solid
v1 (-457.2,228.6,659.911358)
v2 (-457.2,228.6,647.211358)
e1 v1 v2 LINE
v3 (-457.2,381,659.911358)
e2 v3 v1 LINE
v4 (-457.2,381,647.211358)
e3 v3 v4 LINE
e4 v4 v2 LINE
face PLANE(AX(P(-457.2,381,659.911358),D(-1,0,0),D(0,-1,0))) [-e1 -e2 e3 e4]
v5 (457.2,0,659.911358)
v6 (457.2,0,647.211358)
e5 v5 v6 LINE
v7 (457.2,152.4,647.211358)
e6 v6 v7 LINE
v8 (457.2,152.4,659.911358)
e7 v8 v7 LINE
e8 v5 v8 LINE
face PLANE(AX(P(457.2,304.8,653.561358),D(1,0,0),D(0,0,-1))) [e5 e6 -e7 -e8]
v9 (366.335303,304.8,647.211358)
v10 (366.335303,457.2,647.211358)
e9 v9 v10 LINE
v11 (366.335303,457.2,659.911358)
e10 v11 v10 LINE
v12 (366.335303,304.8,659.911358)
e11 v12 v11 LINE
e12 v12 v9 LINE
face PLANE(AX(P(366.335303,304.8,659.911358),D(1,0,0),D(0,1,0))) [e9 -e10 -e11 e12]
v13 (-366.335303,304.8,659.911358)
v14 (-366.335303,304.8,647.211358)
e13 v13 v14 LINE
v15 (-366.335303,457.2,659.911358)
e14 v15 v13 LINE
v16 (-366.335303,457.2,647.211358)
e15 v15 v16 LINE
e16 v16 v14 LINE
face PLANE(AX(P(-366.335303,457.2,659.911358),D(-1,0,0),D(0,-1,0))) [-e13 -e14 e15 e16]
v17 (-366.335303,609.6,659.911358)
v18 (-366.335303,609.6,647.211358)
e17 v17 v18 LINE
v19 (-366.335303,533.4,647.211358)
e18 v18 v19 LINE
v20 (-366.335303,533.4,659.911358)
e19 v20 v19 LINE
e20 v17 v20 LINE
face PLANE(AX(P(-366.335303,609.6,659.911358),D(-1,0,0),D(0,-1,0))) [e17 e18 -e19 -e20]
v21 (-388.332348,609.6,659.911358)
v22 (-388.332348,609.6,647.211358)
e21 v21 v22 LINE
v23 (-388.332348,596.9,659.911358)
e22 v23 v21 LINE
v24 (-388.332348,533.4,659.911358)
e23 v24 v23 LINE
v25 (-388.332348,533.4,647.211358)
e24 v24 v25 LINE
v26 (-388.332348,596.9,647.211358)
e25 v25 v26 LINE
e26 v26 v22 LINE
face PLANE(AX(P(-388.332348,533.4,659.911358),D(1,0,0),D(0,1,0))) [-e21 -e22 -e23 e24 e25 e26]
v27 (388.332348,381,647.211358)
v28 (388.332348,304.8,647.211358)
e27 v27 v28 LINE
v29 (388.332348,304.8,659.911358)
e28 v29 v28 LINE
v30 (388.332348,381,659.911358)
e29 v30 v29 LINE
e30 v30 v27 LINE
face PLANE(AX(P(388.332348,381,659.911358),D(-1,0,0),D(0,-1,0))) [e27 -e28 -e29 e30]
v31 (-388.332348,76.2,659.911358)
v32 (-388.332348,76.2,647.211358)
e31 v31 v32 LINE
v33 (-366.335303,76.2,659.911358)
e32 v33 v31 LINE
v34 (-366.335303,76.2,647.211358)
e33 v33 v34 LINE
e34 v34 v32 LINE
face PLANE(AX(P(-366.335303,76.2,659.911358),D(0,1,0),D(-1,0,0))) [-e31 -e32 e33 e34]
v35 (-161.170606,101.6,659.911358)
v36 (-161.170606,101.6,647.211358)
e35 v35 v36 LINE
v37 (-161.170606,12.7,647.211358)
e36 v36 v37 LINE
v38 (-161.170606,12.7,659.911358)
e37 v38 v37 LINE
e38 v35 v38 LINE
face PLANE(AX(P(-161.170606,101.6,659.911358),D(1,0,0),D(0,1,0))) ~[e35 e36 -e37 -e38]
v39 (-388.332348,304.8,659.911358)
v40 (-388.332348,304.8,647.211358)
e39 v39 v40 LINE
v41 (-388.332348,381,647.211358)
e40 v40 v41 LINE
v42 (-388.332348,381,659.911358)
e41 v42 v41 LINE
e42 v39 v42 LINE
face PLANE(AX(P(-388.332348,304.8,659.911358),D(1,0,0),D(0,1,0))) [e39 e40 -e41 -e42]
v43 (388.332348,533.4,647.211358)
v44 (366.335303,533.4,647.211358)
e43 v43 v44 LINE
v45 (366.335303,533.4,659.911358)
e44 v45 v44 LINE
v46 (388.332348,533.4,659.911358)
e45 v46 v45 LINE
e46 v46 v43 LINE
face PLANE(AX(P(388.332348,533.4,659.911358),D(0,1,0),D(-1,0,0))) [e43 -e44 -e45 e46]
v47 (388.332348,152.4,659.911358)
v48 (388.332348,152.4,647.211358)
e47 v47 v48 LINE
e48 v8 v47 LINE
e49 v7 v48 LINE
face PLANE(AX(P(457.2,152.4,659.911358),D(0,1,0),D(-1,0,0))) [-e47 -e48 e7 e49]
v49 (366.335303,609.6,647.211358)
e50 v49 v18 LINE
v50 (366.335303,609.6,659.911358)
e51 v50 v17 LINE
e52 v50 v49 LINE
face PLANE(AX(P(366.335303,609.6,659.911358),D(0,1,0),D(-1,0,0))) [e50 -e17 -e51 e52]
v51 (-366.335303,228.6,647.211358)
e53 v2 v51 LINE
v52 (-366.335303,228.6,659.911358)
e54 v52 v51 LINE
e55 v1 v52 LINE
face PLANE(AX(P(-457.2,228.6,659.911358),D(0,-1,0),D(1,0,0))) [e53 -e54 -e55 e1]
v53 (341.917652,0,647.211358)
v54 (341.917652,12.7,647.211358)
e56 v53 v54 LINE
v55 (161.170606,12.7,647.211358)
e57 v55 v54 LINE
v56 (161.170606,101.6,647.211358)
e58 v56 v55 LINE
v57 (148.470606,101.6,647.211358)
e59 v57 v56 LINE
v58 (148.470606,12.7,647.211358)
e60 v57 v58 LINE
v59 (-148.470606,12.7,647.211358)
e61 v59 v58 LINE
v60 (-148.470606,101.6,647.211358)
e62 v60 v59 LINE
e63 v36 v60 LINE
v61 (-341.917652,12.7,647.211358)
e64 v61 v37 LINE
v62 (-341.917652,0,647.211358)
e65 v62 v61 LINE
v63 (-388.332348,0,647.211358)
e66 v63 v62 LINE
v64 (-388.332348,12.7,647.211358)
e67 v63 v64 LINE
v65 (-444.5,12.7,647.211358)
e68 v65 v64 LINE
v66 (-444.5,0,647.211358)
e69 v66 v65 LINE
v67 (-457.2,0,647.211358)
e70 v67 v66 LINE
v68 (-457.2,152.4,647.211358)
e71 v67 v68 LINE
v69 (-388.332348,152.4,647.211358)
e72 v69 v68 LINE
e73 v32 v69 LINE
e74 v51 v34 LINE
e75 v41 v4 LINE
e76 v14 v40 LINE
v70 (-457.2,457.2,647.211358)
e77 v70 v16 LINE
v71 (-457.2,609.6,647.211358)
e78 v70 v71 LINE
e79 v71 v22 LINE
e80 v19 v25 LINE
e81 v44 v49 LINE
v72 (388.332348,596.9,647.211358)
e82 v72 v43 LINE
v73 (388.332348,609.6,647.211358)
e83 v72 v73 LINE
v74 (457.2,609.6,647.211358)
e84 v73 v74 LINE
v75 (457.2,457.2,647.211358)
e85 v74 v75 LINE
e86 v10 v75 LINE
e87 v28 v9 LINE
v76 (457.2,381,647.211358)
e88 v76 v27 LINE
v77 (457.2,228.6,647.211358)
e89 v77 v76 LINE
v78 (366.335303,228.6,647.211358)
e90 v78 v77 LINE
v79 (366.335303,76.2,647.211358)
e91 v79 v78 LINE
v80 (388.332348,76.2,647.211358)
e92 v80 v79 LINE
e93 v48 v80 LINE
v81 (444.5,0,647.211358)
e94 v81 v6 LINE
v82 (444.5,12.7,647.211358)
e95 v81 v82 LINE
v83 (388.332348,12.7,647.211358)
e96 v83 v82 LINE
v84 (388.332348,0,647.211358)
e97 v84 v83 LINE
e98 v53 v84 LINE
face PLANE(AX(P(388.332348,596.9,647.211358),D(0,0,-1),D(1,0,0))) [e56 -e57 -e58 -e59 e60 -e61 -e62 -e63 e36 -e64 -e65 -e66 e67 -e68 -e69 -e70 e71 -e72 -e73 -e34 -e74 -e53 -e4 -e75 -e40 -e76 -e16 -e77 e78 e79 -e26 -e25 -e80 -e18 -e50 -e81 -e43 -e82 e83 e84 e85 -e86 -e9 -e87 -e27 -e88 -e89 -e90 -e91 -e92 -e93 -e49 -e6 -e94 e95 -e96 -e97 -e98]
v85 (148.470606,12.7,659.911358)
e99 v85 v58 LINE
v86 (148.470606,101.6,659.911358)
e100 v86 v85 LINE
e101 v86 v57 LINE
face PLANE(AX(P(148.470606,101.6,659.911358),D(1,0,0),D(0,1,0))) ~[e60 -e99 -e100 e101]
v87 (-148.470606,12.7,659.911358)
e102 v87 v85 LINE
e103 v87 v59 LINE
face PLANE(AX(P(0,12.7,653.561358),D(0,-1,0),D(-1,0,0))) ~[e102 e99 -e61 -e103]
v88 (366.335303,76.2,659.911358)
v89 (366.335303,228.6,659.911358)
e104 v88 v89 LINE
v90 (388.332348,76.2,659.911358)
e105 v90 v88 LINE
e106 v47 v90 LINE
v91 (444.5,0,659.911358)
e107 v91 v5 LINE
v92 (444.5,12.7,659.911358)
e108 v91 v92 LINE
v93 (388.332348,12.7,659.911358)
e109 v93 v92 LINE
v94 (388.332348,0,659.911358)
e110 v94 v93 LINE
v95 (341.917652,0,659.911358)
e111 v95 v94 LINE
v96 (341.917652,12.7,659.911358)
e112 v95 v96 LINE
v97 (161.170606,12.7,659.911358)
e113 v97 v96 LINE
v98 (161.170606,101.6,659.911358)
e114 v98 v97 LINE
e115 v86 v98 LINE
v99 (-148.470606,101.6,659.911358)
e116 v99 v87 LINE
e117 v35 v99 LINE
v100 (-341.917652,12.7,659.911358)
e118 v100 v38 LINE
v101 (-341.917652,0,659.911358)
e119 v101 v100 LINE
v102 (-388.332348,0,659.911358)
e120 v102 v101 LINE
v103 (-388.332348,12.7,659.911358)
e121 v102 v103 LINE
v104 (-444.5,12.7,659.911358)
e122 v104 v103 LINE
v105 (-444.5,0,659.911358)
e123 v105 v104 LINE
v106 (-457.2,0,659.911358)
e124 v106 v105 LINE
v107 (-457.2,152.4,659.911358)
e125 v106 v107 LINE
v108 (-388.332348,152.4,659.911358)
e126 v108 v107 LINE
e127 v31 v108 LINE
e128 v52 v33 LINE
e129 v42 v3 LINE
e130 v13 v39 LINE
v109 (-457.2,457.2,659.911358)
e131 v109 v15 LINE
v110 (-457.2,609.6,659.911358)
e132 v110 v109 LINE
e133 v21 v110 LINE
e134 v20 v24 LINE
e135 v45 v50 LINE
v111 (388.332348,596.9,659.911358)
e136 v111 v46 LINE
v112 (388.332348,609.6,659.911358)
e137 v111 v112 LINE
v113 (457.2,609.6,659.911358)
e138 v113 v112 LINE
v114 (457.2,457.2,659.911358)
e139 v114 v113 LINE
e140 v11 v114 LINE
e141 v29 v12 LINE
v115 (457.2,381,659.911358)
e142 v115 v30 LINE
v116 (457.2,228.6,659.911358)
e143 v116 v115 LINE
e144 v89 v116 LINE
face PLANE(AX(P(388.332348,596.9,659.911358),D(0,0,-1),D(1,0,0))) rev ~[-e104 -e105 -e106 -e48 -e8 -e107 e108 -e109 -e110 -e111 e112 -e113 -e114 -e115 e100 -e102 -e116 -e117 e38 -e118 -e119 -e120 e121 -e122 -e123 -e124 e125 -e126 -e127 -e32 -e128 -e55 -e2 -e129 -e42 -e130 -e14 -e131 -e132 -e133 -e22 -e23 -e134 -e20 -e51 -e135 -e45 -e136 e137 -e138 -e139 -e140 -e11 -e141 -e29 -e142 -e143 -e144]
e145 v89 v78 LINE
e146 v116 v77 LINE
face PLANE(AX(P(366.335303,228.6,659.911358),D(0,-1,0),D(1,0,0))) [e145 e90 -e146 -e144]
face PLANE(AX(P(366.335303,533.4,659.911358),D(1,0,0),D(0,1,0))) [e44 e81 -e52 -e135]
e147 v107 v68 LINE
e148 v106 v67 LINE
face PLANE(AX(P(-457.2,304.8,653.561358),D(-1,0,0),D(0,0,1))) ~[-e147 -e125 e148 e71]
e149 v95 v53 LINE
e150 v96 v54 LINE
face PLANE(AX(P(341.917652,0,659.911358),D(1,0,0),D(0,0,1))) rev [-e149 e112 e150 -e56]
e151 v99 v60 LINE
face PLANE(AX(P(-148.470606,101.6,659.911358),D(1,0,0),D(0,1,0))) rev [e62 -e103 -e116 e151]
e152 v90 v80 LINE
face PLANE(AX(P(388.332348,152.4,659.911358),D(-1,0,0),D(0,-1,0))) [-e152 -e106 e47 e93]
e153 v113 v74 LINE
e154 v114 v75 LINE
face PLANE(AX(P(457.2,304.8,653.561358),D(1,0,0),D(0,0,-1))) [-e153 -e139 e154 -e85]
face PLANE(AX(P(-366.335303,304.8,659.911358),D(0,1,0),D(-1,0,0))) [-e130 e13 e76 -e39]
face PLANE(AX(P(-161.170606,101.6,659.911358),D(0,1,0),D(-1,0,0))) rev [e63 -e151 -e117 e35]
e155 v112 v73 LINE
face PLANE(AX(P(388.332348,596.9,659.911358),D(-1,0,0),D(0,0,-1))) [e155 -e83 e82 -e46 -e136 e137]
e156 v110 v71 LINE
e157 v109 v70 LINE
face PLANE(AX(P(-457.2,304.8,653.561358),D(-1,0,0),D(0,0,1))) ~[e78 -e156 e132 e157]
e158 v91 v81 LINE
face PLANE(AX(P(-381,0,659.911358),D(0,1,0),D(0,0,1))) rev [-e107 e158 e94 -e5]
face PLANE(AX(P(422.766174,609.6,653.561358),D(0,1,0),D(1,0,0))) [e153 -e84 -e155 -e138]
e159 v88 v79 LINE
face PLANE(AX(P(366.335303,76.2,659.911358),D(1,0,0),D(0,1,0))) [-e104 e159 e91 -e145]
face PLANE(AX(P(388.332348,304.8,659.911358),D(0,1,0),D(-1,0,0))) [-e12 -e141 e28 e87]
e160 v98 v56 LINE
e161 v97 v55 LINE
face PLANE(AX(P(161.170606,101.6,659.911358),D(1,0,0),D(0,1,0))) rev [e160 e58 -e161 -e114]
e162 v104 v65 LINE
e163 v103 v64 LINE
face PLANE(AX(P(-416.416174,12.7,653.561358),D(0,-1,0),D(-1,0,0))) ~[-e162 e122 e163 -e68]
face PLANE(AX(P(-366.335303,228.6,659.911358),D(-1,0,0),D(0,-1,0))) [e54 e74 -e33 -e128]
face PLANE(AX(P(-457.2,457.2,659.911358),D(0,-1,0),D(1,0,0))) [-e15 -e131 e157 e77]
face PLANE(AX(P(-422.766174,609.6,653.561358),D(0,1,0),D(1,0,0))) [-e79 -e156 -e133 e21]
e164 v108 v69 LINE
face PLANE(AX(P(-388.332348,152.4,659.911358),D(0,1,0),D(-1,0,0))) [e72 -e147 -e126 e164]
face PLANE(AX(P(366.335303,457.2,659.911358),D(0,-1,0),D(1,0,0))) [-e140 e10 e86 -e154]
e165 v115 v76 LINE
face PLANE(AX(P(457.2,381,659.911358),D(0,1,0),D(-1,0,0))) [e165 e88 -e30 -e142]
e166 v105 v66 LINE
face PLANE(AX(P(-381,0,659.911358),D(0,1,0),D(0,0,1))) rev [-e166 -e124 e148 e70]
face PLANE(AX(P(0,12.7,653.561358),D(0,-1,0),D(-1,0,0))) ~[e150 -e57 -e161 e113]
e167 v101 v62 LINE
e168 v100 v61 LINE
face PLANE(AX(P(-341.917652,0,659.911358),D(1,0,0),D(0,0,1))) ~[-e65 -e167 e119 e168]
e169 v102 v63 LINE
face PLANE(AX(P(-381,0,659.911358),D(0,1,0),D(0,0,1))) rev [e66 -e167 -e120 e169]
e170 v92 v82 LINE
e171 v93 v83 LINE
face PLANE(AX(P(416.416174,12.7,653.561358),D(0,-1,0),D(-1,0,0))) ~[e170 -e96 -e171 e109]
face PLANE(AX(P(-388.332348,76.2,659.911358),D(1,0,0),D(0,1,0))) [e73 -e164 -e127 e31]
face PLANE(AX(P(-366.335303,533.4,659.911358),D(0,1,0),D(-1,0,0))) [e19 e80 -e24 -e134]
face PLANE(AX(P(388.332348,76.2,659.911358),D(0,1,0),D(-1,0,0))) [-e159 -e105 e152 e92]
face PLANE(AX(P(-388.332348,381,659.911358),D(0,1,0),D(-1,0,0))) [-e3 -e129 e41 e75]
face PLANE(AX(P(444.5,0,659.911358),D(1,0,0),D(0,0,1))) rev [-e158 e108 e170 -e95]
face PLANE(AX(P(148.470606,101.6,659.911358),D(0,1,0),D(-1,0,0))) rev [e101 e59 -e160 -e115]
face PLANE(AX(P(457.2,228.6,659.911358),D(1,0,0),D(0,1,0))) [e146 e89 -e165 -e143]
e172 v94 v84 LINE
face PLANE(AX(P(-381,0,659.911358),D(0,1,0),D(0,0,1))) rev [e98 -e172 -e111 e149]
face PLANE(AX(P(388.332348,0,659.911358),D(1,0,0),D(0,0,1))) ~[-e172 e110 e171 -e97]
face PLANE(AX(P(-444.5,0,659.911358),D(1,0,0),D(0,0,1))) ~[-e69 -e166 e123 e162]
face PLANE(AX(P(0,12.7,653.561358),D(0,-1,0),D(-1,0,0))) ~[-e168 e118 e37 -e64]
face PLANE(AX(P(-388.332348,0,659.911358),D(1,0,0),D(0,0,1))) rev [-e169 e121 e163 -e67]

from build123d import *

# Parameters (mm, degrees)
SKETCH1_W           = 762
SKETCH1_H           = 12.7
BOSS_EXTRUDE1_DEPTH = 609.6
SKETCH2_W           = 12.7
SKETCH2_H           = 609.6
BOSS_EXTRUDE2_DEPTH = 76.2
SKETCH3_OUTSIDE_W   = 1136.21
SKETCH3_OUTSIDE_H   = 831.41
CUT_EXTRUDE1_DEPTH  = 12.7
SKETCH6_W           = 56.167651581
SKETCH6_H           = 12.7
SKETCH6_W_2         = 683.835303162
CUT_EXTRUDE2_DEPTH  = 12.7
SKETCH7_W           = 12.7
SKETCH7_H           = 88.9
CUT_EXTRUDE3_DEPTH  = 12.7
BOSS_EXTRUDE3_START = -101.6
SKETCH8_W           = 732.670606326
SKETCH8_H           = 12.7
BOSS_EXTRUDE3_DEPTH = 101.6
BOSS_EXTRUDE4_START = -12.7
SKETCH9_W           = 68.867651581
SKETCH9_H           = 12.7
BOSS_EXTRUDE4_DEPTH = 12.7


with BuildPart() as part:
    # Sketch1 → Boss-Extrude1 (new body)
    with BuildSketch(Plane(origin=(0, 0, 0), x_dir=(1, 0, 0), z_dir=(0, 1, 0))):
        with Locations((0, -653.561357684)):
            Rectangle(SKETCH1_W, SKETCH1_H)
    extrude(amount=BOSS_EXTRUDE1_DEPTH)

    # Sketch2 → Boss-Extrude2 (add)
    with BuildSketch(Plane(origin=(381, 0, 0), x_dir=(0, 0, -1), z_dir=(1, 0, 0))):
        with Locations((-653.561357684, 304.8)):
            Rectangle(SKETCH2_W, SKETCH2_H)
    boss_extrude2 = extrude(amount=BOSS_EXTRUDE2_DEPTH)

    # Mirror1: Boss-Extrude2 across plane
    add(boss_extrude2.mirror(Plane(origin=(0, 0, 0), x_dir=(0, 0, 1), z_dir=(1, 0, 0))))

    # Sketch3 outside → Cut-Extrude1 (cut)
    with BuildSketch(Plane.XY.offset(659.911357684)):
        with Locations((0, 304.8)):
            Rectangle(SKETCH3_OUTSIDE_W, SKETCH3_OUTSIDE_H)
        Polygon((366.335303163, 609.6), (-366.335303163, 609.6), (-366.335303163, 533.4), (-388.332348419, 533.4), (-388.332348419, 609.6), (-457.2, 609.6), (-457.2, 457.2), (-366.335303163, 457.2), (-366.335303163, 304.8), (-388.332348419, 304.8), (-388.332348419, 381), (-457.2, 381), (-457.2, 228.6), (-366.335303163, 228.6), (-366.335303163, 76.2), (-388.332348419, 76.2), (-388.332348419, 152.4), (-457.2, 152.4), (-457.2, 0), (457.2, 0), (457.2, 152.4), (388.332348419, 152.4), (388.332348419, 76.2), (366.335303163, 76.2), (366.335303163, 228.6), (457.2, 228.6), (457.2, 381), (388.332348419, 381), (388.332348419, 304.8), (366.335303163, 304.8), (366.335303163, 457.2), (457.2, 457.2), (457.2, 609.6), (388.332348419, 609.6), (388.332348419, 533.4), (366.335303163, 533.4), align=None, mode=Mode.SUBTRACT)
    extrude(amount=-CUT_EXTRUDE1_DEPTH, mode=Mode.SUBTRACT)

    # Sketch6 → Cut-Extrude2 (cut)
    with BuildSketch(Plane(origin=(0, 609.6, 0), x_dir=(1, 0, 0), z_dir=(0, 1, 0))):
        with Locations((-416.41617421, -653.561357684)):
            Rectangle(SKETCH6_W, SKETCH6_H)
        with Locations((0, -653.561357684)):
            Rectangle(SKETCH6_W_2, SKETCH6_H)
        with Locations((416.41617421, -653.561357684)):
            Rectangle(SKETCH6_W, SKETCH6_H)
    cut_extrude2 = extrude(amount=-CUT_EXTRUDE2_DEPTH, mode=Mode.SUBTRACT)

    # Sketch7 → Cut-Extrude3 (cut)
    with BuildSketch(Plane.XY.offset(659.911357684)):
        with Locations((154.820606325, 552.45)):
            Rectangle(SKETCH7_W, SKETCH7_H)
        with Locations((-154.820606325, 552.45)):
            Rectangle(SKETCH7_W, SKETCH7_H)
    cut_extrude3 = extrude(amount=-CUT_EXTRUDE3_DEPTH, mode=Mode.SUBTRACT)

    # Mirror2: Cut-Extrude2, Cut-Extrude3 across plane
    add(cut_extrude2.mirror(Plane(origin=(0, 304.8, 0), x_dir=(0, 0, 1), z_dir=(0, -1, 0))), mode=Mode.SUBTRACT)
    add(cut_extrude3.mirror(Plane(origin=(0, 304.8, 0), x_dir=(0, 0, 1), z_dir=(0, -1, 0))), mode=Mode.SUBTRACT)

    # Sketch8 → Boss-Extrude3 (add)
    with BuildSketch(Plane(origin=(0, 609.6, 0), x_dir=(1, 0, 0), z_dir=(0, 1, 0)).offset(BOSS_EXTRUDE3_START)):
        with Locations((0, -653.561357684)):
            Rectangle(SKETCH8_W, SKETCH8_H)
    extrude(amount=BOSS_EXTRUDE3_DEPTH)

    # Sketch9 → Boss-Extrude4 (add)
    with BuildSketch(Plane(origin=(0, 609.6, 0), x_dir=(1, 0, 0), z_dir=(0, 1, 0)).offset(BOSS_EXTRUDE4_START)):
        with Locations((422.76617421, -653.561357684)):
            Rectangle(SKETCH9_W, SKETCH9_H)
        with Locations((-422.76617421, -653.561357684)):
            Rectangle(SKETCH9_W, SKETCH9_H)
    extrude(amount=BOSS_EXTRUDE4_DEPTH)


solid = part.part
